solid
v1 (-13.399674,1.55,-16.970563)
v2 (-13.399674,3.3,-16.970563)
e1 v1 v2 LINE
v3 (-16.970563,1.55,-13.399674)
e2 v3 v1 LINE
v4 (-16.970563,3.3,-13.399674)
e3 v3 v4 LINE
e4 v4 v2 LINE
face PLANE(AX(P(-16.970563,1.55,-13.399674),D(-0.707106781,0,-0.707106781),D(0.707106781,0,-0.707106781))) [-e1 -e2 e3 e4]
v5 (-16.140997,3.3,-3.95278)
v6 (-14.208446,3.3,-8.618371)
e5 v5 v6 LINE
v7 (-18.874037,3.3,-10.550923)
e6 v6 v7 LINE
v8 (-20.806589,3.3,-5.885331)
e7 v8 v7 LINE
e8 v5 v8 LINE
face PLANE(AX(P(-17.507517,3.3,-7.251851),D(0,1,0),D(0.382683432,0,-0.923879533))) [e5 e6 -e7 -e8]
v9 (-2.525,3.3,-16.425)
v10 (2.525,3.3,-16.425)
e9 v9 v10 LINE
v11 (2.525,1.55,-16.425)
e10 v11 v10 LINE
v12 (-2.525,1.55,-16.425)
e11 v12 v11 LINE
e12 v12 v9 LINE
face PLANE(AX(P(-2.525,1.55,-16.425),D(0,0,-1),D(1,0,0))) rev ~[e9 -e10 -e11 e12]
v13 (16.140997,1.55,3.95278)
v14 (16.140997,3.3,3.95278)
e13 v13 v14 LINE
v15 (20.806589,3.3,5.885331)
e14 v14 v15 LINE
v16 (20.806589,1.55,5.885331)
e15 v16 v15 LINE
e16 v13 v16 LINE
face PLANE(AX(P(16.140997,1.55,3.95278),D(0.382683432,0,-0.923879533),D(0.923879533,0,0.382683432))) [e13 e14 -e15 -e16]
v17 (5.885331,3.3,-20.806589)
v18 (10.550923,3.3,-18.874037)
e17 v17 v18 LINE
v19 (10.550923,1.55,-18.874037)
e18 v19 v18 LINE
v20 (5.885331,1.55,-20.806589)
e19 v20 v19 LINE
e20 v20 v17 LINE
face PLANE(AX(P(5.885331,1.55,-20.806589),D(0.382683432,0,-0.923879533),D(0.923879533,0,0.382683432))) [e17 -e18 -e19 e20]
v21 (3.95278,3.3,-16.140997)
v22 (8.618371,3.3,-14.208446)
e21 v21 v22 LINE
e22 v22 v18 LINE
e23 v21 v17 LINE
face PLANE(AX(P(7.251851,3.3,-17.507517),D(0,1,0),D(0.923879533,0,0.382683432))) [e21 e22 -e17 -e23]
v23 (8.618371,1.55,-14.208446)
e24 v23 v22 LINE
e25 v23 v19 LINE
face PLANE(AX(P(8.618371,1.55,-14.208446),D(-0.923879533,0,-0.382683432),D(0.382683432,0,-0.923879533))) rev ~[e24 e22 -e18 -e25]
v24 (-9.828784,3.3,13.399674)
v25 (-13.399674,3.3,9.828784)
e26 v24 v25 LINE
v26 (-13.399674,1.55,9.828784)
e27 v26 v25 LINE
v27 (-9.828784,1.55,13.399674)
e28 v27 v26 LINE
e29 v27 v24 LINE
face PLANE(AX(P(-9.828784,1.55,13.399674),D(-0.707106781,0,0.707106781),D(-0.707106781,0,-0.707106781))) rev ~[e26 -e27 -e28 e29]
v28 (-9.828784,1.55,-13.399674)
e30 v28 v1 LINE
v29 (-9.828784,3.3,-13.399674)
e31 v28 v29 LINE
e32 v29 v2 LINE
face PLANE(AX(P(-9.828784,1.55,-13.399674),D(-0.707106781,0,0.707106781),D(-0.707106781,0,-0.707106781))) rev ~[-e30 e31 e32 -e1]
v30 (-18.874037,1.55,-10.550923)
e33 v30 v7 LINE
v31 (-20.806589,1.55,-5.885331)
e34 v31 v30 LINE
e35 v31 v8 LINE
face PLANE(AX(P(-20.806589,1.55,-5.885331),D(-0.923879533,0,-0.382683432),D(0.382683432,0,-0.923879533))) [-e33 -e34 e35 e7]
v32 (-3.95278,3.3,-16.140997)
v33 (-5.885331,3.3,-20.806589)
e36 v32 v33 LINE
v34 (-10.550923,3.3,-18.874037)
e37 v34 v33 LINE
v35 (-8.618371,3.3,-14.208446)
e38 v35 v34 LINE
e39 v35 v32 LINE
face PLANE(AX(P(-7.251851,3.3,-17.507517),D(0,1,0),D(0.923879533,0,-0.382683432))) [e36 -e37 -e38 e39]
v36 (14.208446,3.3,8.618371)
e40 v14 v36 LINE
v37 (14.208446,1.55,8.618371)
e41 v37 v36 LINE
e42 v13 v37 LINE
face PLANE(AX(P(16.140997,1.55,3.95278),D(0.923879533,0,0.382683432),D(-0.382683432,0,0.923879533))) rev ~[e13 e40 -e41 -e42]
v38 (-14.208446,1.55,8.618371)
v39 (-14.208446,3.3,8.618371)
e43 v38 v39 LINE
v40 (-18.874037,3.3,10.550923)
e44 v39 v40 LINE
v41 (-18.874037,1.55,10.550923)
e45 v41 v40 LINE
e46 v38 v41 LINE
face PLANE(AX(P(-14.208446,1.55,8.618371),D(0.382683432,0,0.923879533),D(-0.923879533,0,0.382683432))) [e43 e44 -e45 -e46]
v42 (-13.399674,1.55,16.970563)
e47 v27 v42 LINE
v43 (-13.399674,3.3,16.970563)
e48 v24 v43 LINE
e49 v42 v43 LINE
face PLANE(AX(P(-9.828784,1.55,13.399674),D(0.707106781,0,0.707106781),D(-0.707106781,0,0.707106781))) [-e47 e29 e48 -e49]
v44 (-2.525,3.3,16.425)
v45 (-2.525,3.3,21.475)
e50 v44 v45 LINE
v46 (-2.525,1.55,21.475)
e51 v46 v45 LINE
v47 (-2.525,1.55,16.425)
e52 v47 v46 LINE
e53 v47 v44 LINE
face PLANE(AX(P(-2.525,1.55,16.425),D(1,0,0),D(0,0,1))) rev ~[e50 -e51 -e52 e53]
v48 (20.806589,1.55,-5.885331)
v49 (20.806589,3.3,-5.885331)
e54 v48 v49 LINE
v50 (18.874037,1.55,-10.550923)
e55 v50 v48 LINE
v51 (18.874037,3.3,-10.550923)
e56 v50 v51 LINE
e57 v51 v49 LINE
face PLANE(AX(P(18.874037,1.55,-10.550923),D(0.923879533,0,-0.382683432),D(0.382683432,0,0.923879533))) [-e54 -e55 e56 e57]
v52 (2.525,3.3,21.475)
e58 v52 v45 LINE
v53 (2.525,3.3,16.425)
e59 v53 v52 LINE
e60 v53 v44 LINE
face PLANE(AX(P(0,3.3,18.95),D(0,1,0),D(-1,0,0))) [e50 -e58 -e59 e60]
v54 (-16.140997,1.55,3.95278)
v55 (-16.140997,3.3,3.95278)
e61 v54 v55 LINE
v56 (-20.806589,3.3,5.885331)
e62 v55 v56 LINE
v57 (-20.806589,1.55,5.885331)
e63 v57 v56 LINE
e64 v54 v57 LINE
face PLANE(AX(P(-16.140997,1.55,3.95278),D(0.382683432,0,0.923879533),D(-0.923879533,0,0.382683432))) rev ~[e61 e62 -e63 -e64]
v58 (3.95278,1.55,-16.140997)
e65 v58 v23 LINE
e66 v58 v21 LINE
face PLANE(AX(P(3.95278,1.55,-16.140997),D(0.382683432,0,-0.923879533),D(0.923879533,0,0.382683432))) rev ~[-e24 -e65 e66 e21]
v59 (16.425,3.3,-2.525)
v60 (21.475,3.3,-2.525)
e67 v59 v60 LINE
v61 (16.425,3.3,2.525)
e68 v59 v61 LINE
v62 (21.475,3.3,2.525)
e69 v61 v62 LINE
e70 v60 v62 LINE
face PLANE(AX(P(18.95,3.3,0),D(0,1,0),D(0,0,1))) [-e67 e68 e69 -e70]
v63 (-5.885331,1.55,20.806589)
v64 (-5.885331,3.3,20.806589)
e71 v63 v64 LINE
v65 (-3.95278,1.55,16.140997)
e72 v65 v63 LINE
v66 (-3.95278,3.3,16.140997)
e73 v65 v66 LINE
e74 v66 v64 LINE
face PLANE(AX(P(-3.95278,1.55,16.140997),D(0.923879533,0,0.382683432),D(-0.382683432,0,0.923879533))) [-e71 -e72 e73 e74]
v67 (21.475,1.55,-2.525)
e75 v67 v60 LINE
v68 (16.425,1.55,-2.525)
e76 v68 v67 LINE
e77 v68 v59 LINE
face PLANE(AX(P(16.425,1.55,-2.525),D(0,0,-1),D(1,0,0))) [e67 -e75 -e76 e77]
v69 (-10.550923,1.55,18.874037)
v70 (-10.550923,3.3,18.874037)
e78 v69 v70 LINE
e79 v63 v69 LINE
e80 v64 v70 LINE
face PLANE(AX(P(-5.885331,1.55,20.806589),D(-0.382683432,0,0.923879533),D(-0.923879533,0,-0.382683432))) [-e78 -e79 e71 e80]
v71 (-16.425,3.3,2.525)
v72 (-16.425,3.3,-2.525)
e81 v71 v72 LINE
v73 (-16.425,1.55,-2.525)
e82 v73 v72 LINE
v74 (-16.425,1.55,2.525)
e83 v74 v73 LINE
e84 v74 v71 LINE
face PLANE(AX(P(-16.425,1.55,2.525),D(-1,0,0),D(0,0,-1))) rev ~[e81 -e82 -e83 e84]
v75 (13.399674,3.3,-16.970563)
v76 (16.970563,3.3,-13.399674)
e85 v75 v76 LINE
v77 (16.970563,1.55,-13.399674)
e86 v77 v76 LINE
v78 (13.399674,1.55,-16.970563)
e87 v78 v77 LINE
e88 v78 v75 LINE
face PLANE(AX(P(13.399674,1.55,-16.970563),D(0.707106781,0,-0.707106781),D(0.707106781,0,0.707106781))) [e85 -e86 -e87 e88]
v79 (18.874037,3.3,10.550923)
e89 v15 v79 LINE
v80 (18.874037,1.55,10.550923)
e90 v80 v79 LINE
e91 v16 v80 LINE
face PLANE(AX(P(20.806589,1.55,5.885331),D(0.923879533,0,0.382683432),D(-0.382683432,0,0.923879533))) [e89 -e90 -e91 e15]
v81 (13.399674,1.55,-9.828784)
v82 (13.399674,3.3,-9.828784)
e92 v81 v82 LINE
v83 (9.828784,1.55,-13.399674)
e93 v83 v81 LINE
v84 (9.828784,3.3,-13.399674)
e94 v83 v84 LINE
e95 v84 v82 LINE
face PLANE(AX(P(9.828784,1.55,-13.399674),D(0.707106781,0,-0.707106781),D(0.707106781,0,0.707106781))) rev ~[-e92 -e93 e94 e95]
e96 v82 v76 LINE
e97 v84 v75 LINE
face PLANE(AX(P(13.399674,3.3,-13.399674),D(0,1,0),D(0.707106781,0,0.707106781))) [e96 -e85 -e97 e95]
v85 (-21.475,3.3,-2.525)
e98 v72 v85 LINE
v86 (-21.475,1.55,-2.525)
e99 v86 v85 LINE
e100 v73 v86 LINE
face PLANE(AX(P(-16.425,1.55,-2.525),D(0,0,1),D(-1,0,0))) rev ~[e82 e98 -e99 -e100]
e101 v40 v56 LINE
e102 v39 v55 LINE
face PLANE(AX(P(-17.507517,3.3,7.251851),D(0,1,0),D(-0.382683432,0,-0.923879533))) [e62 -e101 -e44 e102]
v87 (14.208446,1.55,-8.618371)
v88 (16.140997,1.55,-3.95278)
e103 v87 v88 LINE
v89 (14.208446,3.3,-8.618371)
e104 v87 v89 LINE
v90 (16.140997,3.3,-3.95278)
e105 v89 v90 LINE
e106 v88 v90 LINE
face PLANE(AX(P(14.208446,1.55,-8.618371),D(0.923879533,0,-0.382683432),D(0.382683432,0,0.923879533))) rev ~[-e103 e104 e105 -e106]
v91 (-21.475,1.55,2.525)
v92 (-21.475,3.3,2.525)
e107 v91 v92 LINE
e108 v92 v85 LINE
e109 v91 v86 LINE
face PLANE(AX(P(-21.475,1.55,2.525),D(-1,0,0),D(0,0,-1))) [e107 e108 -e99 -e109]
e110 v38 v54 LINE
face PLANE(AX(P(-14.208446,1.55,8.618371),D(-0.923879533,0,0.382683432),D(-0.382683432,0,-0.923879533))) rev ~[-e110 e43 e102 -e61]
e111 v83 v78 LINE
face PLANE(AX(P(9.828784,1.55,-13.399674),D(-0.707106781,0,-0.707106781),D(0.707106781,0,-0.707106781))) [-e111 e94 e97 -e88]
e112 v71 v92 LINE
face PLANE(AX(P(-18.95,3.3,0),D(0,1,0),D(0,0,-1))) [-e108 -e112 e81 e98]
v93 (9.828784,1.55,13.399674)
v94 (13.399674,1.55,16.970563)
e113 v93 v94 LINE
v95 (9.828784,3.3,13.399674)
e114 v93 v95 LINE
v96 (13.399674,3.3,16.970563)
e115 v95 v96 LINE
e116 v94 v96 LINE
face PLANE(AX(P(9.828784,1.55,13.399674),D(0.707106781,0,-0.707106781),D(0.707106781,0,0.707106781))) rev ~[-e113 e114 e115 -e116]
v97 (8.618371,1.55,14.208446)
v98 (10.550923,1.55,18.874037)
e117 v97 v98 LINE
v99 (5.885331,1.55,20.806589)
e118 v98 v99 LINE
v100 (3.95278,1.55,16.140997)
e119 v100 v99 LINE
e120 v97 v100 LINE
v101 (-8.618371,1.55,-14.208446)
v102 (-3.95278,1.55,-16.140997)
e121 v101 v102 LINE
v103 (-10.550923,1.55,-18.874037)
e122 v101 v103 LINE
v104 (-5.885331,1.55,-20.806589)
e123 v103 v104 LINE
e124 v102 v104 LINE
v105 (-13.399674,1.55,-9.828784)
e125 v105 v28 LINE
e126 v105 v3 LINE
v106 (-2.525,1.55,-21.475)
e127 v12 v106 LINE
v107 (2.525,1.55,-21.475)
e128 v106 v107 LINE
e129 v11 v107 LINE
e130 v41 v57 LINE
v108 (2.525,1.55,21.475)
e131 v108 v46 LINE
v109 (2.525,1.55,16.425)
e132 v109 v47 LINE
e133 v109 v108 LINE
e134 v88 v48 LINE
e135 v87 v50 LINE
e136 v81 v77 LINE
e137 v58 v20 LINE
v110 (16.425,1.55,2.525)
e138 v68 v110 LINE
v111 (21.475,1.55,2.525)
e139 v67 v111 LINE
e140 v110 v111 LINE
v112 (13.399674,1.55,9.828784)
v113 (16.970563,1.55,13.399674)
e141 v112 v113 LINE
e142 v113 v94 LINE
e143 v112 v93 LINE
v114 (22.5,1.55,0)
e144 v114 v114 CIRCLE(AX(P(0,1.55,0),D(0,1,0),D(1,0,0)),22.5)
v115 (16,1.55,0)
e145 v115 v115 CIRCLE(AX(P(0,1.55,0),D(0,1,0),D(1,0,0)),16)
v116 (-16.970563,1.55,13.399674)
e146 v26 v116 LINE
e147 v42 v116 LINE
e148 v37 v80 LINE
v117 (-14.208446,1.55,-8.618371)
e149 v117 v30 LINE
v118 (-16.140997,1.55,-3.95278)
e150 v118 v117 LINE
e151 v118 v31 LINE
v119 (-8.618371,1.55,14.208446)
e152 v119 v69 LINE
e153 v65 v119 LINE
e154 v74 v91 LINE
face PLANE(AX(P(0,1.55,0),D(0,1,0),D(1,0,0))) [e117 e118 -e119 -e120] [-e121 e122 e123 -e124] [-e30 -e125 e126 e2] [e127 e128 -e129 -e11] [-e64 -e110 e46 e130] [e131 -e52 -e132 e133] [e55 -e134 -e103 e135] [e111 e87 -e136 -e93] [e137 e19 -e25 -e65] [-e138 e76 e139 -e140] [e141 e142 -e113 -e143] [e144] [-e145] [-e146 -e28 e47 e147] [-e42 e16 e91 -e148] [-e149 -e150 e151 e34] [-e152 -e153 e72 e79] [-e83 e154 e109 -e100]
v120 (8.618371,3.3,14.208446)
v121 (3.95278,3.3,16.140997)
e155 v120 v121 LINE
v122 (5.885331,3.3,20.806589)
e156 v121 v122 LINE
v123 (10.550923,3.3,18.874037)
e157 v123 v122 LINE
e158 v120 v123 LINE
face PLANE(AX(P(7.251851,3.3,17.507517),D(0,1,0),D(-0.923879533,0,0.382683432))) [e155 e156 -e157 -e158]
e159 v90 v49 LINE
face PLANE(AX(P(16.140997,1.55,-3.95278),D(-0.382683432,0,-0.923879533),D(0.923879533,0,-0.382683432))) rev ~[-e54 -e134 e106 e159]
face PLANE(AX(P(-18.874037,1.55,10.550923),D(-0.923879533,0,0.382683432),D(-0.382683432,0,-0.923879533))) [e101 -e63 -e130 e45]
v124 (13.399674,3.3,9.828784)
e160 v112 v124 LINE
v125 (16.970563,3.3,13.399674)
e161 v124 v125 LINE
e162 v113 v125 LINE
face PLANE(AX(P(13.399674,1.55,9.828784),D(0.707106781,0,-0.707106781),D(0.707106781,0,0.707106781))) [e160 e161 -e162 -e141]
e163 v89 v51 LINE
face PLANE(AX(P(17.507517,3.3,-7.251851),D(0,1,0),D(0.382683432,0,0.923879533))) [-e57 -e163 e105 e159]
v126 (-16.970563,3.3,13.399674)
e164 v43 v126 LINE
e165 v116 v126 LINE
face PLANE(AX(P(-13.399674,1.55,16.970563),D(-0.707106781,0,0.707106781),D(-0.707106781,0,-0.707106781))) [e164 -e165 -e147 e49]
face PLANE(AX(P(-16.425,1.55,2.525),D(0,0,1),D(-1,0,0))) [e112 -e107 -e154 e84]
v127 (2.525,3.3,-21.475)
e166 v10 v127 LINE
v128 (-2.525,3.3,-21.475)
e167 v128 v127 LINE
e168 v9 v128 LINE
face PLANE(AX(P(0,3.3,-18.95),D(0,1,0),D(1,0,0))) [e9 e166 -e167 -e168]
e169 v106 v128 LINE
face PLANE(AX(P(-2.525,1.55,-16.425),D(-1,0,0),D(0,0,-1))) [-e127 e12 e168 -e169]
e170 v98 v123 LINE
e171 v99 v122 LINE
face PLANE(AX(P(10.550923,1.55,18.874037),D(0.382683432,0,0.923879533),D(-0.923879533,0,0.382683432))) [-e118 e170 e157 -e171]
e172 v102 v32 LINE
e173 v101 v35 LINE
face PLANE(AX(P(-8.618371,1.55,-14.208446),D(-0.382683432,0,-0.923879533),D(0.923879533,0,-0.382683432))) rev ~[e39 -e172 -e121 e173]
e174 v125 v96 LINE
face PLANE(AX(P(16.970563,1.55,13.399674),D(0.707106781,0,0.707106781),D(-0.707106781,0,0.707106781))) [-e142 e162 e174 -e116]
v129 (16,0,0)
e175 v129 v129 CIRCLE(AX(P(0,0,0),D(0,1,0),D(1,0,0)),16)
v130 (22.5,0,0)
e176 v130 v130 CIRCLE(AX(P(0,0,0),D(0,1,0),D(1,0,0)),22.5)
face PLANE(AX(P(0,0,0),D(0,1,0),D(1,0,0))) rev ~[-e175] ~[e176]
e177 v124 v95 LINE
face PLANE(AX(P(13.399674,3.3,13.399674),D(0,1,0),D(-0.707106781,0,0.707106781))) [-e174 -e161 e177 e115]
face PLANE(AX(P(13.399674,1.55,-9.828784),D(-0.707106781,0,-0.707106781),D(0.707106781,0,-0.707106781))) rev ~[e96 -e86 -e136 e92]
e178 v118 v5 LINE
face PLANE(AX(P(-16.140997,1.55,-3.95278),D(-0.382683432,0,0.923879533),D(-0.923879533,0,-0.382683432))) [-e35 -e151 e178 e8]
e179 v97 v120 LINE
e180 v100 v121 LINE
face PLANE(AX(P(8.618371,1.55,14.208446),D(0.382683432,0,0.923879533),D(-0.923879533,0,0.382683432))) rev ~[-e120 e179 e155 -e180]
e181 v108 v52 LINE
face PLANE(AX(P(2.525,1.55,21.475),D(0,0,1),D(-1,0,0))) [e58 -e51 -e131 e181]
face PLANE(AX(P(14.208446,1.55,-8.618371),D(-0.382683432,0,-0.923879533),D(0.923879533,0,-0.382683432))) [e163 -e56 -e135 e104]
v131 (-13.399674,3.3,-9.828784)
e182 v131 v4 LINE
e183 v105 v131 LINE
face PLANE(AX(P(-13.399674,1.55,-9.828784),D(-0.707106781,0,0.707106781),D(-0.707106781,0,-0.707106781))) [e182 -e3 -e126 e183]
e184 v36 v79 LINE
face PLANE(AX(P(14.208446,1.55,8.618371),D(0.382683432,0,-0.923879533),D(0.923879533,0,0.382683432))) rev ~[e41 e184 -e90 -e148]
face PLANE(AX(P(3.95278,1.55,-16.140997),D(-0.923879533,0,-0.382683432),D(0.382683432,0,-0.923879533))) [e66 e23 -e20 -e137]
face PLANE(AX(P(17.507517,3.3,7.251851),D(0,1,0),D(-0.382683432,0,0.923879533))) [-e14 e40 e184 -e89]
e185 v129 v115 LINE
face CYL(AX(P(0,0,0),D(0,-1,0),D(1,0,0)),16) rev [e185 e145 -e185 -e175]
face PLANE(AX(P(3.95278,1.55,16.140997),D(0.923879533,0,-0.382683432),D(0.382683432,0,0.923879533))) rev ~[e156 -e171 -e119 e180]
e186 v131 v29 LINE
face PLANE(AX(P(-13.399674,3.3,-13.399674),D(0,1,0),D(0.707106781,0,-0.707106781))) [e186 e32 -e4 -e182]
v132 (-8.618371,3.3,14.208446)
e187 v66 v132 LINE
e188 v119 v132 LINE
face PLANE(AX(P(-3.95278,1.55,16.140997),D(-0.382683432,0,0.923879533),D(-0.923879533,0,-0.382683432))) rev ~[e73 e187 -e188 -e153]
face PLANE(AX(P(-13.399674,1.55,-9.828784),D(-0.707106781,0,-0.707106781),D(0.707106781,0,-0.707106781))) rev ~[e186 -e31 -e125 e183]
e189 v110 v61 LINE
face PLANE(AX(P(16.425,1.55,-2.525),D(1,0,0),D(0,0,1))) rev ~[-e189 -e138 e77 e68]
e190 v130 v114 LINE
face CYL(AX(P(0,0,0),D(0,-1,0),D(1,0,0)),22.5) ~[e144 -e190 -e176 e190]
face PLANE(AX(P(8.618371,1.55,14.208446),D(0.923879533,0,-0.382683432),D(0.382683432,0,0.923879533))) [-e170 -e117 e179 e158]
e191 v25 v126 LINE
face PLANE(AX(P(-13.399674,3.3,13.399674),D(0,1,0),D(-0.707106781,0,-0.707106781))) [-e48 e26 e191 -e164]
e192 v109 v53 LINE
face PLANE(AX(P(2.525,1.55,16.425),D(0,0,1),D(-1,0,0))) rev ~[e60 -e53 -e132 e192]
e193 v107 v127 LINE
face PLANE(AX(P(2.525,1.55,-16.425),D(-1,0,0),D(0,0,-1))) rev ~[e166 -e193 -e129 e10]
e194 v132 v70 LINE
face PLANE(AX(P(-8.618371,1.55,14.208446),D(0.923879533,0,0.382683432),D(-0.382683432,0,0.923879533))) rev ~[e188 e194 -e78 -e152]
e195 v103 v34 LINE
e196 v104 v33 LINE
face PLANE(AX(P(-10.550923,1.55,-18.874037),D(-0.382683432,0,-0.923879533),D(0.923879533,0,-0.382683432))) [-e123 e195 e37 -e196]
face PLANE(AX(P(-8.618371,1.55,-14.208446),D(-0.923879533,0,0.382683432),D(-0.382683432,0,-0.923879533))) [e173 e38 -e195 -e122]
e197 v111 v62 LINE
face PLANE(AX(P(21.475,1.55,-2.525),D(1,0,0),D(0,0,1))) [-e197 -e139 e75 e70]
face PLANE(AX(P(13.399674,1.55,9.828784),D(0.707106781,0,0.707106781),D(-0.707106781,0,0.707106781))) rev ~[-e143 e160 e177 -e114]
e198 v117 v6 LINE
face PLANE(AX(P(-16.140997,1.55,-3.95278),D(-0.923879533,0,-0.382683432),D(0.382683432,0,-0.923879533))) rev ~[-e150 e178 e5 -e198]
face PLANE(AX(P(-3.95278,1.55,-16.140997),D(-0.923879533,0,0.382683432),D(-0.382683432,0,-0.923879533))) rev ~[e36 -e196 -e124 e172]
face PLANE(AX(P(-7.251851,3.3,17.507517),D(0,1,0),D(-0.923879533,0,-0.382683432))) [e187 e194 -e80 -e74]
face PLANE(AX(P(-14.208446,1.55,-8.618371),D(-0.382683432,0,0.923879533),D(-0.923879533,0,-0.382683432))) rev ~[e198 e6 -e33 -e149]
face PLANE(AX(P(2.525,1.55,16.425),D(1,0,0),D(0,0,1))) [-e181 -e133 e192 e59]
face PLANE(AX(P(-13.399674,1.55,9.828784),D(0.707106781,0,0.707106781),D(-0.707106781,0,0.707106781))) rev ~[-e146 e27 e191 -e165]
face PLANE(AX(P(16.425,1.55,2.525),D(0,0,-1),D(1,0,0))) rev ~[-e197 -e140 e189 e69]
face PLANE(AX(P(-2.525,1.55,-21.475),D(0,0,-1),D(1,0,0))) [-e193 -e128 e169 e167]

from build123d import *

# Parameters (mm, degrees)
SKETCH1_R           = 22.5
SKETCH1_R_2         = 16
BOSS_EXTRUDE1_DEPTH = 1.55
SKETCH2_W           = 5.05
SKETCH2_H           = 5.05
BOSS_EXTRUDE2_DEPTH = 1.75
CIRPATTERN1_COUNT   = 16


with BuildPart() as part:
    # Sketch1 → Boss-Extrude1 (new body)
    with BuildSketch(Plane(origin=(0, 0, 0), x_dir=(1, 0, 0), z_dir=(0, 1, 0))):
        Circle(SKETCH1_R)
        Circle(SKETCH1_R_2, mode=Mode.SUBTRACT)
    extrude(amount=BOSS_EXTRUDE1_DEPTH)

    # Sketch2 → Boss-Extrude2 (add)
    with BuildSketch(Plane(origin=(0, 1.55, 0), x_dir=(1, 0, 0), z_dir=(0, 1, 0))):
        with Locations((0, 18.95)):
            Rectangle(SKETCH2_W, SKETCH2_H)
    boss_extrude2 = extrude(amount=BOSS_EXTRUDE2_DEPTH)

    # CirPattern1: Boss-Extrude2 ×16 about axis
    cirpattern1_axis = Axis((0, 0, 0), (0, 1, 0))
    for i in range(1, CIRPATTERN1_COUNT):
        add(boss_extrude2.rotate(cirpattern1_axis, i * 360 / CIRPATTERN1_COUNT))


solid = part.part
